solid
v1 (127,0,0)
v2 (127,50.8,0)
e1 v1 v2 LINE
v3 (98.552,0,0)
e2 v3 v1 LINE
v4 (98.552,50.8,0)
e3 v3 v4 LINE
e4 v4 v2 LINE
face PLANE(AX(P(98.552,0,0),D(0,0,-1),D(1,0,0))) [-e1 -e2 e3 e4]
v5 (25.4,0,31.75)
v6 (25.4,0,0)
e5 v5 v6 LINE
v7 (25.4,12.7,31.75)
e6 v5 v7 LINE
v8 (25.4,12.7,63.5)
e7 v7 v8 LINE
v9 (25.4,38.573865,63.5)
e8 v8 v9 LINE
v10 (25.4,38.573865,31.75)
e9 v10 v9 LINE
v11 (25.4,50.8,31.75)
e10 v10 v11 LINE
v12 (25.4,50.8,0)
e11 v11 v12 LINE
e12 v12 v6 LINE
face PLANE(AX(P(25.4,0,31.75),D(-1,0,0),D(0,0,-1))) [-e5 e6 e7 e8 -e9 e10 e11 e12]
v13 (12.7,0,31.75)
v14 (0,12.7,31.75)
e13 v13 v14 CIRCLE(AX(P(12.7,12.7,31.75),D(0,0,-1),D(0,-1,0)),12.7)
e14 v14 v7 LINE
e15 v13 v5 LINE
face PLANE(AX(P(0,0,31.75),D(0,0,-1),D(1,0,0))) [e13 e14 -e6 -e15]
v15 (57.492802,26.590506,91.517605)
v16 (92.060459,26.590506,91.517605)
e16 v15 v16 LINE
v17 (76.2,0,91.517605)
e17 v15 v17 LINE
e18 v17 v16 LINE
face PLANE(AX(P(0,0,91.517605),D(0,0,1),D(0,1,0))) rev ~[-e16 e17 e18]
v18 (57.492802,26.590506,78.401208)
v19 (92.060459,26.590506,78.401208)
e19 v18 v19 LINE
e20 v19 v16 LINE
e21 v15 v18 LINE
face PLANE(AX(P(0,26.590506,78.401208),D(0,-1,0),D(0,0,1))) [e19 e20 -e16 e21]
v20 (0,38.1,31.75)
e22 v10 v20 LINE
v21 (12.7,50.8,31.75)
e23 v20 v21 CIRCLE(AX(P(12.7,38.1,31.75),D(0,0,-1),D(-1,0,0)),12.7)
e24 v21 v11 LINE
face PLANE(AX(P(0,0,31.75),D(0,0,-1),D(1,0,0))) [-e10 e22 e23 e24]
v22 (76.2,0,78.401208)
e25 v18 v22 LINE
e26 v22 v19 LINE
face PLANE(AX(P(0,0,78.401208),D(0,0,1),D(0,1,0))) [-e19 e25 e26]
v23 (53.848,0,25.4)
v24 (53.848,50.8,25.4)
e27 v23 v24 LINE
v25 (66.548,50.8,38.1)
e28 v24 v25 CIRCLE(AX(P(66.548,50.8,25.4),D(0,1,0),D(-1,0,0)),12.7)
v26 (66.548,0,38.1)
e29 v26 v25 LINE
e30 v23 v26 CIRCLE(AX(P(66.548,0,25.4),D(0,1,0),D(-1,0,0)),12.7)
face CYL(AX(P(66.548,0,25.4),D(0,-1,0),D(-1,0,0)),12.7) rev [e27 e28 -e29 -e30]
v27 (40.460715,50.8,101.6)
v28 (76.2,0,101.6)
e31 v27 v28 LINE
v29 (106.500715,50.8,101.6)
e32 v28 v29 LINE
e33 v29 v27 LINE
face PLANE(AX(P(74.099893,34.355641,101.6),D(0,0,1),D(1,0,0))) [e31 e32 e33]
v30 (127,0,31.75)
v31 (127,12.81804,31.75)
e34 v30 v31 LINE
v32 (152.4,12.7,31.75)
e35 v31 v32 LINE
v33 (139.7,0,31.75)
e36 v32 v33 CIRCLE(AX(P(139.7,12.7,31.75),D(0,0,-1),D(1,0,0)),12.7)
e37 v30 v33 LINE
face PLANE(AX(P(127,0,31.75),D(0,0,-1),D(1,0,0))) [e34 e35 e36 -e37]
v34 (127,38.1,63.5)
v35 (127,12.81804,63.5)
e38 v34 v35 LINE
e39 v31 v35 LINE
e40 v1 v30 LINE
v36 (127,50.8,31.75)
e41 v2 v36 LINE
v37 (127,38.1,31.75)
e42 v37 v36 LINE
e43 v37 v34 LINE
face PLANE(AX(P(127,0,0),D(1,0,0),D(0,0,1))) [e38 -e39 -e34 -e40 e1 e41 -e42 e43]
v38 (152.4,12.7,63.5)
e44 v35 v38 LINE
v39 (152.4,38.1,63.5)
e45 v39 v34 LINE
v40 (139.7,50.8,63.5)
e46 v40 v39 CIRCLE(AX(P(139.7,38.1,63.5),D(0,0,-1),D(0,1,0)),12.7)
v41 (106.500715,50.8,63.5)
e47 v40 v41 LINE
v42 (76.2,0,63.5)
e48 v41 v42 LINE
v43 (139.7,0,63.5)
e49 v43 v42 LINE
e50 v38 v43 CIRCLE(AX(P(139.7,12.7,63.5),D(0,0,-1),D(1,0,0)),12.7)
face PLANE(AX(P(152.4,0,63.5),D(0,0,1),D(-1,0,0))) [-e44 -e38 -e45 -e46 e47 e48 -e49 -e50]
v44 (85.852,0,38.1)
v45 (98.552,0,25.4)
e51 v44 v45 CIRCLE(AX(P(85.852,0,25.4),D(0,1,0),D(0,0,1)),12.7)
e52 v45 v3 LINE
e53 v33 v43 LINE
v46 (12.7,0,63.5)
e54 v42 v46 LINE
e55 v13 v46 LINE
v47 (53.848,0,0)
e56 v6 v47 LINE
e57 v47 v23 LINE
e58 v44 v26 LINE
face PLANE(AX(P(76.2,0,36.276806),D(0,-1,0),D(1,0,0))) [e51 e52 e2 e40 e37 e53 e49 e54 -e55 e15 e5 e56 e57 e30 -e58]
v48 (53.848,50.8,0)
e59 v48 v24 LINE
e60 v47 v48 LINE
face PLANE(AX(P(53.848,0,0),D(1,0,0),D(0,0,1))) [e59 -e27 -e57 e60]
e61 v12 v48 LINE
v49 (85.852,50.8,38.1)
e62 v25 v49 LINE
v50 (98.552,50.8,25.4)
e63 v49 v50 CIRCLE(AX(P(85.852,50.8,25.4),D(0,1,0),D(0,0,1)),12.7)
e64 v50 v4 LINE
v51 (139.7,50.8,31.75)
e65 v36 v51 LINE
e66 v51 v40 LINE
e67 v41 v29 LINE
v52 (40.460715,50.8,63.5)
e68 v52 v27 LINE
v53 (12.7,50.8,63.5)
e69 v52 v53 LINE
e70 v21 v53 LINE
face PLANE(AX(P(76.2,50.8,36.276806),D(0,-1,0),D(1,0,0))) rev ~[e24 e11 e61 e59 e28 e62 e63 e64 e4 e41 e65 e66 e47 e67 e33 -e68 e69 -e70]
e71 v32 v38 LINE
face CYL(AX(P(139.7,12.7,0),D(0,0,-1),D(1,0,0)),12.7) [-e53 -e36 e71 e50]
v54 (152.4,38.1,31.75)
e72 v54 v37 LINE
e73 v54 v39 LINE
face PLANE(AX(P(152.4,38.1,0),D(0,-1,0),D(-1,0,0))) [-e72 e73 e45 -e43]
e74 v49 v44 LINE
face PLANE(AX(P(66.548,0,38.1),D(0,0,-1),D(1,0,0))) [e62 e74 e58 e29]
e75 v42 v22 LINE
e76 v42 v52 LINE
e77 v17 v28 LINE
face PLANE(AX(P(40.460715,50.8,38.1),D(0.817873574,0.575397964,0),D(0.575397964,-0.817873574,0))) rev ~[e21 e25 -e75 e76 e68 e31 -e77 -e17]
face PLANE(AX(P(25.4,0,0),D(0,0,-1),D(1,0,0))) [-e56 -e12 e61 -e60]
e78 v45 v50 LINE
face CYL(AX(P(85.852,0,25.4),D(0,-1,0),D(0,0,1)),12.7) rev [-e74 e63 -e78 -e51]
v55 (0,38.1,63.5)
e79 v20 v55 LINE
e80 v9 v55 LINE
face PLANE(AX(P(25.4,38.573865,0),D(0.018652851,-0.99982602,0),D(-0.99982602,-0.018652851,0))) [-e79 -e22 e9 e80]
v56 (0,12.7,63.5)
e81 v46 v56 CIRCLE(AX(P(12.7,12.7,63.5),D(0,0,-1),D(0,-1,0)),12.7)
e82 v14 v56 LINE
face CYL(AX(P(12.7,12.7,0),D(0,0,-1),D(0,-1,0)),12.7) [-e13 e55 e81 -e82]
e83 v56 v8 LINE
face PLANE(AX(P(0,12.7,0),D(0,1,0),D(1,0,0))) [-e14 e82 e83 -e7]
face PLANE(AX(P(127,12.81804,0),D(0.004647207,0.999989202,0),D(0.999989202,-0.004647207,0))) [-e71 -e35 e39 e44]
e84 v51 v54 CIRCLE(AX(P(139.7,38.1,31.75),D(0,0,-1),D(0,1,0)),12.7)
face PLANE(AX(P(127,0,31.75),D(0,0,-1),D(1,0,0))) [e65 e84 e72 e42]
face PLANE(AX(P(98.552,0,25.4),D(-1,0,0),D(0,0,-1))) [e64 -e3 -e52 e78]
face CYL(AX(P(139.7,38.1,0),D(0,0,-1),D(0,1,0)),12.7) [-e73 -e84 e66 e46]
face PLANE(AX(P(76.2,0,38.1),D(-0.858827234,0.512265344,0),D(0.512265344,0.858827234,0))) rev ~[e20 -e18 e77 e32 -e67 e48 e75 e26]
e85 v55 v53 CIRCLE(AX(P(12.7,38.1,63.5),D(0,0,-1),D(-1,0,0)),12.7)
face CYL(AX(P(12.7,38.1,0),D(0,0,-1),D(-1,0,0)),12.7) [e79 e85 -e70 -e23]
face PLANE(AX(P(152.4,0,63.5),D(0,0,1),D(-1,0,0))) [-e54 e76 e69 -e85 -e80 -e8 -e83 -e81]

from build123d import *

# Parameters (mm, degrees)
F2_DEPTH = 50.8
F3_DEPTH = 63.5
F5_START = 38.1
F5_DEPTH = 63.5
F6_W     = 26.5905056149
F6_H     = 13.1163969636
F7_DEPTH = 152.401


with BuildPart() as f2:
    # F0 (on Front) → F2 (new body)
    with BuildSketch(Plane.XZ):
        with BuildLine():
            Line((25.4, 31.75), (25.4, 0))
            Line((25.4, 0), (53.848, 0))
            Line((53.848, 0), (53.848, 25.4))
            ThreePointArc((53.848, 25.4), (57.5677438789, 34.3802561211), (66.548, 38.1))
            Line((66.548, 38.1), (85.852, 38.1))
            ThreePointArc((85.852, 38.1), (94.8322561211, 34.3802561211), (98.552, 25.4))
            Line((98.552, 25.4), (98.552, 0))
            Line((98.552, 0), (127, 0))
            Line((127, 0), (127, 31.75))
            Line((127, 31.75), (152.4, 31.75))
            Line((152.4, 31.75), (152.4, 63.5))
            Line((152.4, 63.5), (127, 63.5))
            Line((127, 63.5), (88.9, 63.5))
            Line((88.9, 63.5), (63.5, 63.5))
            Line((63.5, 63.5), (38.1, 63.5))
            Line((38.1, 63.5), (25.4, 63.5))
            Line((25.4, 63.5), (0, 63.5))
            Line((0, 63.5), (0, 31.75))
            Line((0, 31.75), (25.4, 31.75))
        make_face()
    extrude(amount=-F2_DEPTH)

    # F1 (on Top) → F3 (cut)
    with BuildSketch(Plane.XY):
        with BuildLine():
            Line((0, 50.8), (0, 38.1))
            ThreePointArc((0, 38.1), (3.7197438789, 47.0802561211), (12.7, 50.8))
            Line((12.7, 50.8), (0, 50.8))
        make_face()
        with BuildLine():
            ThreePointArc((12.7, 0), (3.7197438789, 3.7197438789), (0, 12.7))
            Line((0, 12.7), (0, 0))
            Line((0, 0), (12.7, 0))
        make_face()
        Polygon((0, 38.1), (0, 12.7), (25.4, 12.7), (25.4, 38.5738648474), align=None)
        Polygon((127, 12.8180403262), (152.4, 12.7), (152.4, 38.1), (127, 38.1), align=None)
        with BuildLine():
            Line((152.4, 0), (152.4, 12.7))
            ThreePointArc((152.4, 12.7), (148.6802561211, 3.7197438789), (139.7, 0))
            Line((139.7, 0), (152.4, 0))
        make_face()
        with BuildLine():
            ThreePointArc((139.7, 50.8), (148.6802561211, 47.0802561211), (152.4, 38.1))
            Line((152.4, 38.1), (152.4, 50.8))
            Line((152.4, 50.8), (139.7, 50.8))
        make_face()
    extrude(amount=F3_DEPTH, mode=Mode.SUBTRACT)

    # F4 (on Top) → F5 (join)
    with BuildSketch(Plane.XY.offset(F5_START)):
        Polygon((40.4607152585, 50.8), (76.2, 0), (106.5007152585, 50.8), align=None)
    extrude(amount=F5_DEPTH)

    # F6 (on Right) → F7 (cut, through all)
    with BuildSketch(Plane.YZ):
        with Locations((13.2952528074, 84.9594064057)):
            Rectangle(F6_W, F6_H)
    extrude(amount=F7_DEPTH, mode=Mode.SUBTRACT)


solid = f2.part
